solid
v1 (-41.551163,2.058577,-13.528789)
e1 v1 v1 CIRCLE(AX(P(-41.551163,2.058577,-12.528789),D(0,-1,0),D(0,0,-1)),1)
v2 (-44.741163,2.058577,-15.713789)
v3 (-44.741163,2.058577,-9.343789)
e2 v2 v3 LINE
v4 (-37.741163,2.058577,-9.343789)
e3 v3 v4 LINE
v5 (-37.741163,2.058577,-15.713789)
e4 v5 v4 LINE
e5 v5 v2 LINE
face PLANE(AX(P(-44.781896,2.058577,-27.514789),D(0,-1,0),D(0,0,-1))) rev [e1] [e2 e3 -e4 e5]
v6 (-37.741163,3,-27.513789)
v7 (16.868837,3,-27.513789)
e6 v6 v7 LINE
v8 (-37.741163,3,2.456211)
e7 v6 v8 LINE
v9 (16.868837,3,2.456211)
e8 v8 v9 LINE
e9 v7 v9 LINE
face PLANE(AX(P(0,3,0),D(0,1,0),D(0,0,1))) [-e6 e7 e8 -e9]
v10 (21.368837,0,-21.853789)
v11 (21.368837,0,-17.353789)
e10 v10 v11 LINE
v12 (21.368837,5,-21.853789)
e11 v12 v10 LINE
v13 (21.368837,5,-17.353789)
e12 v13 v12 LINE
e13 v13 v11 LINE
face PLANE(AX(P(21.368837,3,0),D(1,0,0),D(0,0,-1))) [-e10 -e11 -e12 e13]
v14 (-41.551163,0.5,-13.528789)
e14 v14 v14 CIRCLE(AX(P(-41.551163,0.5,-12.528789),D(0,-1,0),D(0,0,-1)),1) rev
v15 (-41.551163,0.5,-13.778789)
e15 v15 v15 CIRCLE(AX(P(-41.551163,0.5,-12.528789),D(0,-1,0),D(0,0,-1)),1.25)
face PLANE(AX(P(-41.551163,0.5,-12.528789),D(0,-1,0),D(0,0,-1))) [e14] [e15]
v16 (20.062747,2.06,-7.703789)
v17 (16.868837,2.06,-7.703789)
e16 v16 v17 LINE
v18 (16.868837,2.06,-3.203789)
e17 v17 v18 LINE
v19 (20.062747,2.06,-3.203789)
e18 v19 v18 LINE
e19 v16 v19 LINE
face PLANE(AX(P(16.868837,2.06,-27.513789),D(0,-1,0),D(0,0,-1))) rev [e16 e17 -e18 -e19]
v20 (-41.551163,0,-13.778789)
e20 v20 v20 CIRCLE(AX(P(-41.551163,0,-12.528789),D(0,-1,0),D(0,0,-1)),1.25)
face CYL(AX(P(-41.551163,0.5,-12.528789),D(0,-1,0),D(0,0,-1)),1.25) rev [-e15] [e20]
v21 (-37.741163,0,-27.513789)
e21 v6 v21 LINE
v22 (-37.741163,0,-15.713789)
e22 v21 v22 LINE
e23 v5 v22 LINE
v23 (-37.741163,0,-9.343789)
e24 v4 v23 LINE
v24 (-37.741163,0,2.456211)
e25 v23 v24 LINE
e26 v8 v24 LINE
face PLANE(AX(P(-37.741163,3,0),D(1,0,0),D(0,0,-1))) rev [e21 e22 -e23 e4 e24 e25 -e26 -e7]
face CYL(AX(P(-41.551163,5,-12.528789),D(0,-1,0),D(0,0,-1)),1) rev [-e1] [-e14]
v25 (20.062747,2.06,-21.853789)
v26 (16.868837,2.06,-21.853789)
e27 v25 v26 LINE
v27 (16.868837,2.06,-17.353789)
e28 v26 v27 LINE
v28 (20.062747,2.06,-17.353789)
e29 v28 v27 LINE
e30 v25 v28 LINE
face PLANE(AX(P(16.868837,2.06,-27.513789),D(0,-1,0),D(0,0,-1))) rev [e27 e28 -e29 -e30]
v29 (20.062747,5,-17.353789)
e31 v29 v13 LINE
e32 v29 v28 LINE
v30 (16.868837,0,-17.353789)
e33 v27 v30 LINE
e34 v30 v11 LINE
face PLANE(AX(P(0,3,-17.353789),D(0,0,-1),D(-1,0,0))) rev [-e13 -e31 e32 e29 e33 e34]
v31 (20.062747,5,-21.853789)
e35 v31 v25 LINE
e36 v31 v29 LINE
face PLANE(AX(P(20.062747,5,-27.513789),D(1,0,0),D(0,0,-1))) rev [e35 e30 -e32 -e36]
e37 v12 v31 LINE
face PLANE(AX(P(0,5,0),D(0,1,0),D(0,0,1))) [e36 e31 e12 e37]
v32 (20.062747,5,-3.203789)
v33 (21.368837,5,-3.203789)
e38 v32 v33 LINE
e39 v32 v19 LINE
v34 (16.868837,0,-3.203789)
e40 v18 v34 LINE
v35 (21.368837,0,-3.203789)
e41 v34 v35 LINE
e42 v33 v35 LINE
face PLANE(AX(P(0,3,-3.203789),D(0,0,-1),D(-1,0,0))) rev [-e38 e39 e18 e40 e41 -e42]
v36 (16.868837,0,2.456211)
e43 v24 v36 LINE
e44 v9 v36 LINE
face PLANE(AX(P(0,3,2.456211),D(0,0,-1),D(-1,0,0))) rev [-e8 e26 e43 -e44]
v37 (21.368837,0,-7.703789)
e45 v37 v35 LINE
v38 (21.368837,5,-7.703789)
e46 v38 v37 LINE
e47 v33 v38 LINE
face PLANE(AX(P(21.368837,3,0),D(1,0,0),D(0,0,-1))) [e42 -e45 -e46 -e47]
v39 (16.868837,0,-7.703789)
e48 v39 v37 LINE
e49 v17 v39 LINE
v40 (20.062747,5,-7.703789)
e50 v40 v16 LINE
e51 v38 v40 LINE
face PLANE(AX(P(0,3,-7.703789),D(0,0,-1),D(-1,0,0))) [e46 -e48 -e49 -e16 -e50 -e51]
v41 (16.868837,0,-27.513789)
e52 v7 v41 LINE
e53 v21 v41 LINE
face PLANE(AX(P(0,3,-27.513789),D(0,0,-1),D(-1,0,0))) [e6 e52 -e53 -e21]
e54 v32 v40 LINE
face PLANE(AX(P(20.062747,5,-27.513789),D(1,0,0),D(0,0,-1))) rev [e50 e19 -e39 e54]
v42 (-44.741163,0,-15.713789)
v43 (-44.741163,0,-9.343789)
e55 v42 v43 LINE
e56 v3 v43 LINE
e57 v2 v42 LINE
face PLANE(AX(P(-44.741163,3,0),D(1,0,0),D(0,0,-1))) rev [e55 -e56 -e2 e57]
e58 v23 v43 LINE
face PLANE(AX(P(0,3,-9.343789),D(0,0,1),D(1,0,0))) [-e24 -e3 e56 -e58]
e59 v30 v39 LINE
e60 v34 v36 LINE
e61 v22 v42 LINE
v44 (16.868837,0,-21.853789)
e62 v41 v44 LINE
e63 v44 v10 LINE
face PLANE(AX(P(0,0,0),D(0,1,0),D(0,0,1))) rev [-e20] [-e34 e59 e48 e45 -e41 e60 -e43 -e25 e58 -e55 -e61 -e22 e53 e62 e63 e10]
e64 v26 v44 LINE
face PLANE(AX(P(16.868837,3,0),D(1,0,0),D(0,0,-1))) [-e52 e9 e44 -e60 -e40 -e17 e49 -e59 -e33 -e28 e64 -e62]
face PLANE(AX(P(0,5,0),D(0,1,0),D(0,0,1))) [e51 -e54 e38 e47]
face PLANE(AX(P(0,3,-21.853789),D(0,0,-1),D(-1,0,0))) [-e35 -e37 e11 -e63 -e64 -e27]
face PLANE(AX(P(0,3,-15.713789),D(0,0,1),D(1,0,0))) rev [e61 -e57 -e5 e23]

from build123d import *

# Parameters (mm, degrees)
SKETCH2_W               = 54.61
SKETCH2_H               = 29.97
SKETCH2_W_2             = 7
SKETCH2_H_2             = 6.37
SKETCH2_W_3             = 4.5
SKETCH2_H_3             = 4.5
BOSS_EXTRUDE4_DEPTH     = 3
SKETCH3_W               = 7
SKETCH3_H               = 6.37
BOSS_EXTRUDE5_DEPTH     = 3
SKETCH4_W               = 4.5
SKETCH4_H               = 4.5
BOSS_EXTRUDE6_DEPTH     = 2
SKETCH6_W               = 3.19390973
SKETCH6_H               = 2.94
CUT_EXTRUDE1_DEPTH      = 6.66
CUT_EXTRUDE1_DEPTH_BACK = 25.31
CUT_EXTRUDE3_REACH      = 20.17
SKETCH10_R              = 1
CUT_EXTRUDE4_DEPTH      = 5
SKETCH12_R              = 1.25
CUT_EXTRUDE5_DEPTH      = 0.5


with BuildPart() as part:
    # Sketch2 → Boss-Extrude4 (new body)
    with BuildSketch(Plane(origin=(0, 0, 0), x_dir=(1, 0, 0), z_dir=(0, 1, 0))):
        with Locations((-10.436162564, 12.528789446)):
            Rectangle(SKETCH2_W, SKETCH2_H)
        with Locations((-41.241162564, 12.528789446)):
            Rectangle(SKETCH2_W_2, SKETCH2_H_2)
        with Locations((19.118837436, 5.453789446)):
            Rectangle(SKETCH2_W_3, SKETCH2_H_3)
        with Locations((19.118837436, 19.603789446)):
            Rectangle(SKETCH2_W_3, SKETCH2_H_3)
    extrude(amount=BOSS_EXTRUDE4_DEPTH)

    # Sketch3 → Boss-Extrude5 (add)
    with BuildSketch(Plane(origin=(0, 3, 0), x_dir=(1, 0, 0), z_dir=(0, 1, 0))):
        with Locations((-41.241162564, 12.528789446)):
            Rectangle(SKETCH3_W, SKETCH3_H)
    extrude(amount=BOSS_EXTRUDE5_DEPTH)

    # Sketch4 → Boss-Extrude6 (add)
    with BuildSketch(Plane(origin=(0, 3, 0), x_dir=(1, 0, 0), z_dir=(0, 1, 0))):
        with Locations((19.118837436, 19.603789446)):
            Rectangle(SKETCH4_W, SKETCH4_H)
        with Locations((19.118837436, 5.453789446)):
            Rectangle(SKETCH4_W, SKETCH4_H)
    extrude(amount=BOSS_EXTRUDE6_DEPTH)

    # Sketch6 → Cut-Extrude1 (cut, two sides)
    with BuildSketch(Plane.XY.offset(-3.203789446)) as cut_extrude1_sk:
        with Locations((18.465792301, 3.53)):
            Rectangle(SKETCH6_W, SKETCH6_H)
    extrude(amount=CUT_EXTRUDE1_DEPTH, mode=Mode.SUBTRACT)
    extrude(cut_extrude1_sk.sketch, amount=-CUT_EXTRUDE1_DEPTH_BACK, mode=Mode.SUBTRACT)

    # Sketch8 → Cut-Extrude3 (cut, up to next)
    with BuildSketch(Plane.XY.offset(-9.343789446), mode=Mode.PRIVATE) as cut_extrude3_sk1:
        Polygon((-37.741162564, 6), (-42.018009261, 6), (-42.018009261, 6.012510793), (-43.247603098, 6.012510793), (-43.247603098, 6.015261621), (-44.781895645, 6.015261621), (-44.781895645, 2.058576766), (-37.741162564, 2.058576766), align=None)
    cut_extrude3_tool1 = extrude(cut_extrude3_sk1.sketch, amount=-CUT_EXTRUDE3_REACH, mode=Mode.PRIVATE) & part.part
    add(cut_extrude3_tool1.solids().sort_by_distance((-41.264608, 4.03205, -9.343789))[0], mode=Mode.SUBTRACT)

    # Sketch10 → Cut-Extrude4 (cut)
    with BuildSketch(Plane.XZ):
        with Locations((-41.551162564, -12.528789446)):
            Circle(SKETCH10_R)
    extrude(amount=-CUT_EXTRUDE4_DEPTH, mode=Mode.SUBTRACT)

    # Sketch12 → Cut-Extrude5 (cut)
    with BuildSketch(Plane.XZ):
        with Locations((-41.551162564, -12.528789446)):
            Circle(SKETCH12_R)
    extrude(amount=-CUT_EXTRUDE5_DEPTH, mode=Mode.SUBTRACT)


solid = part.part
